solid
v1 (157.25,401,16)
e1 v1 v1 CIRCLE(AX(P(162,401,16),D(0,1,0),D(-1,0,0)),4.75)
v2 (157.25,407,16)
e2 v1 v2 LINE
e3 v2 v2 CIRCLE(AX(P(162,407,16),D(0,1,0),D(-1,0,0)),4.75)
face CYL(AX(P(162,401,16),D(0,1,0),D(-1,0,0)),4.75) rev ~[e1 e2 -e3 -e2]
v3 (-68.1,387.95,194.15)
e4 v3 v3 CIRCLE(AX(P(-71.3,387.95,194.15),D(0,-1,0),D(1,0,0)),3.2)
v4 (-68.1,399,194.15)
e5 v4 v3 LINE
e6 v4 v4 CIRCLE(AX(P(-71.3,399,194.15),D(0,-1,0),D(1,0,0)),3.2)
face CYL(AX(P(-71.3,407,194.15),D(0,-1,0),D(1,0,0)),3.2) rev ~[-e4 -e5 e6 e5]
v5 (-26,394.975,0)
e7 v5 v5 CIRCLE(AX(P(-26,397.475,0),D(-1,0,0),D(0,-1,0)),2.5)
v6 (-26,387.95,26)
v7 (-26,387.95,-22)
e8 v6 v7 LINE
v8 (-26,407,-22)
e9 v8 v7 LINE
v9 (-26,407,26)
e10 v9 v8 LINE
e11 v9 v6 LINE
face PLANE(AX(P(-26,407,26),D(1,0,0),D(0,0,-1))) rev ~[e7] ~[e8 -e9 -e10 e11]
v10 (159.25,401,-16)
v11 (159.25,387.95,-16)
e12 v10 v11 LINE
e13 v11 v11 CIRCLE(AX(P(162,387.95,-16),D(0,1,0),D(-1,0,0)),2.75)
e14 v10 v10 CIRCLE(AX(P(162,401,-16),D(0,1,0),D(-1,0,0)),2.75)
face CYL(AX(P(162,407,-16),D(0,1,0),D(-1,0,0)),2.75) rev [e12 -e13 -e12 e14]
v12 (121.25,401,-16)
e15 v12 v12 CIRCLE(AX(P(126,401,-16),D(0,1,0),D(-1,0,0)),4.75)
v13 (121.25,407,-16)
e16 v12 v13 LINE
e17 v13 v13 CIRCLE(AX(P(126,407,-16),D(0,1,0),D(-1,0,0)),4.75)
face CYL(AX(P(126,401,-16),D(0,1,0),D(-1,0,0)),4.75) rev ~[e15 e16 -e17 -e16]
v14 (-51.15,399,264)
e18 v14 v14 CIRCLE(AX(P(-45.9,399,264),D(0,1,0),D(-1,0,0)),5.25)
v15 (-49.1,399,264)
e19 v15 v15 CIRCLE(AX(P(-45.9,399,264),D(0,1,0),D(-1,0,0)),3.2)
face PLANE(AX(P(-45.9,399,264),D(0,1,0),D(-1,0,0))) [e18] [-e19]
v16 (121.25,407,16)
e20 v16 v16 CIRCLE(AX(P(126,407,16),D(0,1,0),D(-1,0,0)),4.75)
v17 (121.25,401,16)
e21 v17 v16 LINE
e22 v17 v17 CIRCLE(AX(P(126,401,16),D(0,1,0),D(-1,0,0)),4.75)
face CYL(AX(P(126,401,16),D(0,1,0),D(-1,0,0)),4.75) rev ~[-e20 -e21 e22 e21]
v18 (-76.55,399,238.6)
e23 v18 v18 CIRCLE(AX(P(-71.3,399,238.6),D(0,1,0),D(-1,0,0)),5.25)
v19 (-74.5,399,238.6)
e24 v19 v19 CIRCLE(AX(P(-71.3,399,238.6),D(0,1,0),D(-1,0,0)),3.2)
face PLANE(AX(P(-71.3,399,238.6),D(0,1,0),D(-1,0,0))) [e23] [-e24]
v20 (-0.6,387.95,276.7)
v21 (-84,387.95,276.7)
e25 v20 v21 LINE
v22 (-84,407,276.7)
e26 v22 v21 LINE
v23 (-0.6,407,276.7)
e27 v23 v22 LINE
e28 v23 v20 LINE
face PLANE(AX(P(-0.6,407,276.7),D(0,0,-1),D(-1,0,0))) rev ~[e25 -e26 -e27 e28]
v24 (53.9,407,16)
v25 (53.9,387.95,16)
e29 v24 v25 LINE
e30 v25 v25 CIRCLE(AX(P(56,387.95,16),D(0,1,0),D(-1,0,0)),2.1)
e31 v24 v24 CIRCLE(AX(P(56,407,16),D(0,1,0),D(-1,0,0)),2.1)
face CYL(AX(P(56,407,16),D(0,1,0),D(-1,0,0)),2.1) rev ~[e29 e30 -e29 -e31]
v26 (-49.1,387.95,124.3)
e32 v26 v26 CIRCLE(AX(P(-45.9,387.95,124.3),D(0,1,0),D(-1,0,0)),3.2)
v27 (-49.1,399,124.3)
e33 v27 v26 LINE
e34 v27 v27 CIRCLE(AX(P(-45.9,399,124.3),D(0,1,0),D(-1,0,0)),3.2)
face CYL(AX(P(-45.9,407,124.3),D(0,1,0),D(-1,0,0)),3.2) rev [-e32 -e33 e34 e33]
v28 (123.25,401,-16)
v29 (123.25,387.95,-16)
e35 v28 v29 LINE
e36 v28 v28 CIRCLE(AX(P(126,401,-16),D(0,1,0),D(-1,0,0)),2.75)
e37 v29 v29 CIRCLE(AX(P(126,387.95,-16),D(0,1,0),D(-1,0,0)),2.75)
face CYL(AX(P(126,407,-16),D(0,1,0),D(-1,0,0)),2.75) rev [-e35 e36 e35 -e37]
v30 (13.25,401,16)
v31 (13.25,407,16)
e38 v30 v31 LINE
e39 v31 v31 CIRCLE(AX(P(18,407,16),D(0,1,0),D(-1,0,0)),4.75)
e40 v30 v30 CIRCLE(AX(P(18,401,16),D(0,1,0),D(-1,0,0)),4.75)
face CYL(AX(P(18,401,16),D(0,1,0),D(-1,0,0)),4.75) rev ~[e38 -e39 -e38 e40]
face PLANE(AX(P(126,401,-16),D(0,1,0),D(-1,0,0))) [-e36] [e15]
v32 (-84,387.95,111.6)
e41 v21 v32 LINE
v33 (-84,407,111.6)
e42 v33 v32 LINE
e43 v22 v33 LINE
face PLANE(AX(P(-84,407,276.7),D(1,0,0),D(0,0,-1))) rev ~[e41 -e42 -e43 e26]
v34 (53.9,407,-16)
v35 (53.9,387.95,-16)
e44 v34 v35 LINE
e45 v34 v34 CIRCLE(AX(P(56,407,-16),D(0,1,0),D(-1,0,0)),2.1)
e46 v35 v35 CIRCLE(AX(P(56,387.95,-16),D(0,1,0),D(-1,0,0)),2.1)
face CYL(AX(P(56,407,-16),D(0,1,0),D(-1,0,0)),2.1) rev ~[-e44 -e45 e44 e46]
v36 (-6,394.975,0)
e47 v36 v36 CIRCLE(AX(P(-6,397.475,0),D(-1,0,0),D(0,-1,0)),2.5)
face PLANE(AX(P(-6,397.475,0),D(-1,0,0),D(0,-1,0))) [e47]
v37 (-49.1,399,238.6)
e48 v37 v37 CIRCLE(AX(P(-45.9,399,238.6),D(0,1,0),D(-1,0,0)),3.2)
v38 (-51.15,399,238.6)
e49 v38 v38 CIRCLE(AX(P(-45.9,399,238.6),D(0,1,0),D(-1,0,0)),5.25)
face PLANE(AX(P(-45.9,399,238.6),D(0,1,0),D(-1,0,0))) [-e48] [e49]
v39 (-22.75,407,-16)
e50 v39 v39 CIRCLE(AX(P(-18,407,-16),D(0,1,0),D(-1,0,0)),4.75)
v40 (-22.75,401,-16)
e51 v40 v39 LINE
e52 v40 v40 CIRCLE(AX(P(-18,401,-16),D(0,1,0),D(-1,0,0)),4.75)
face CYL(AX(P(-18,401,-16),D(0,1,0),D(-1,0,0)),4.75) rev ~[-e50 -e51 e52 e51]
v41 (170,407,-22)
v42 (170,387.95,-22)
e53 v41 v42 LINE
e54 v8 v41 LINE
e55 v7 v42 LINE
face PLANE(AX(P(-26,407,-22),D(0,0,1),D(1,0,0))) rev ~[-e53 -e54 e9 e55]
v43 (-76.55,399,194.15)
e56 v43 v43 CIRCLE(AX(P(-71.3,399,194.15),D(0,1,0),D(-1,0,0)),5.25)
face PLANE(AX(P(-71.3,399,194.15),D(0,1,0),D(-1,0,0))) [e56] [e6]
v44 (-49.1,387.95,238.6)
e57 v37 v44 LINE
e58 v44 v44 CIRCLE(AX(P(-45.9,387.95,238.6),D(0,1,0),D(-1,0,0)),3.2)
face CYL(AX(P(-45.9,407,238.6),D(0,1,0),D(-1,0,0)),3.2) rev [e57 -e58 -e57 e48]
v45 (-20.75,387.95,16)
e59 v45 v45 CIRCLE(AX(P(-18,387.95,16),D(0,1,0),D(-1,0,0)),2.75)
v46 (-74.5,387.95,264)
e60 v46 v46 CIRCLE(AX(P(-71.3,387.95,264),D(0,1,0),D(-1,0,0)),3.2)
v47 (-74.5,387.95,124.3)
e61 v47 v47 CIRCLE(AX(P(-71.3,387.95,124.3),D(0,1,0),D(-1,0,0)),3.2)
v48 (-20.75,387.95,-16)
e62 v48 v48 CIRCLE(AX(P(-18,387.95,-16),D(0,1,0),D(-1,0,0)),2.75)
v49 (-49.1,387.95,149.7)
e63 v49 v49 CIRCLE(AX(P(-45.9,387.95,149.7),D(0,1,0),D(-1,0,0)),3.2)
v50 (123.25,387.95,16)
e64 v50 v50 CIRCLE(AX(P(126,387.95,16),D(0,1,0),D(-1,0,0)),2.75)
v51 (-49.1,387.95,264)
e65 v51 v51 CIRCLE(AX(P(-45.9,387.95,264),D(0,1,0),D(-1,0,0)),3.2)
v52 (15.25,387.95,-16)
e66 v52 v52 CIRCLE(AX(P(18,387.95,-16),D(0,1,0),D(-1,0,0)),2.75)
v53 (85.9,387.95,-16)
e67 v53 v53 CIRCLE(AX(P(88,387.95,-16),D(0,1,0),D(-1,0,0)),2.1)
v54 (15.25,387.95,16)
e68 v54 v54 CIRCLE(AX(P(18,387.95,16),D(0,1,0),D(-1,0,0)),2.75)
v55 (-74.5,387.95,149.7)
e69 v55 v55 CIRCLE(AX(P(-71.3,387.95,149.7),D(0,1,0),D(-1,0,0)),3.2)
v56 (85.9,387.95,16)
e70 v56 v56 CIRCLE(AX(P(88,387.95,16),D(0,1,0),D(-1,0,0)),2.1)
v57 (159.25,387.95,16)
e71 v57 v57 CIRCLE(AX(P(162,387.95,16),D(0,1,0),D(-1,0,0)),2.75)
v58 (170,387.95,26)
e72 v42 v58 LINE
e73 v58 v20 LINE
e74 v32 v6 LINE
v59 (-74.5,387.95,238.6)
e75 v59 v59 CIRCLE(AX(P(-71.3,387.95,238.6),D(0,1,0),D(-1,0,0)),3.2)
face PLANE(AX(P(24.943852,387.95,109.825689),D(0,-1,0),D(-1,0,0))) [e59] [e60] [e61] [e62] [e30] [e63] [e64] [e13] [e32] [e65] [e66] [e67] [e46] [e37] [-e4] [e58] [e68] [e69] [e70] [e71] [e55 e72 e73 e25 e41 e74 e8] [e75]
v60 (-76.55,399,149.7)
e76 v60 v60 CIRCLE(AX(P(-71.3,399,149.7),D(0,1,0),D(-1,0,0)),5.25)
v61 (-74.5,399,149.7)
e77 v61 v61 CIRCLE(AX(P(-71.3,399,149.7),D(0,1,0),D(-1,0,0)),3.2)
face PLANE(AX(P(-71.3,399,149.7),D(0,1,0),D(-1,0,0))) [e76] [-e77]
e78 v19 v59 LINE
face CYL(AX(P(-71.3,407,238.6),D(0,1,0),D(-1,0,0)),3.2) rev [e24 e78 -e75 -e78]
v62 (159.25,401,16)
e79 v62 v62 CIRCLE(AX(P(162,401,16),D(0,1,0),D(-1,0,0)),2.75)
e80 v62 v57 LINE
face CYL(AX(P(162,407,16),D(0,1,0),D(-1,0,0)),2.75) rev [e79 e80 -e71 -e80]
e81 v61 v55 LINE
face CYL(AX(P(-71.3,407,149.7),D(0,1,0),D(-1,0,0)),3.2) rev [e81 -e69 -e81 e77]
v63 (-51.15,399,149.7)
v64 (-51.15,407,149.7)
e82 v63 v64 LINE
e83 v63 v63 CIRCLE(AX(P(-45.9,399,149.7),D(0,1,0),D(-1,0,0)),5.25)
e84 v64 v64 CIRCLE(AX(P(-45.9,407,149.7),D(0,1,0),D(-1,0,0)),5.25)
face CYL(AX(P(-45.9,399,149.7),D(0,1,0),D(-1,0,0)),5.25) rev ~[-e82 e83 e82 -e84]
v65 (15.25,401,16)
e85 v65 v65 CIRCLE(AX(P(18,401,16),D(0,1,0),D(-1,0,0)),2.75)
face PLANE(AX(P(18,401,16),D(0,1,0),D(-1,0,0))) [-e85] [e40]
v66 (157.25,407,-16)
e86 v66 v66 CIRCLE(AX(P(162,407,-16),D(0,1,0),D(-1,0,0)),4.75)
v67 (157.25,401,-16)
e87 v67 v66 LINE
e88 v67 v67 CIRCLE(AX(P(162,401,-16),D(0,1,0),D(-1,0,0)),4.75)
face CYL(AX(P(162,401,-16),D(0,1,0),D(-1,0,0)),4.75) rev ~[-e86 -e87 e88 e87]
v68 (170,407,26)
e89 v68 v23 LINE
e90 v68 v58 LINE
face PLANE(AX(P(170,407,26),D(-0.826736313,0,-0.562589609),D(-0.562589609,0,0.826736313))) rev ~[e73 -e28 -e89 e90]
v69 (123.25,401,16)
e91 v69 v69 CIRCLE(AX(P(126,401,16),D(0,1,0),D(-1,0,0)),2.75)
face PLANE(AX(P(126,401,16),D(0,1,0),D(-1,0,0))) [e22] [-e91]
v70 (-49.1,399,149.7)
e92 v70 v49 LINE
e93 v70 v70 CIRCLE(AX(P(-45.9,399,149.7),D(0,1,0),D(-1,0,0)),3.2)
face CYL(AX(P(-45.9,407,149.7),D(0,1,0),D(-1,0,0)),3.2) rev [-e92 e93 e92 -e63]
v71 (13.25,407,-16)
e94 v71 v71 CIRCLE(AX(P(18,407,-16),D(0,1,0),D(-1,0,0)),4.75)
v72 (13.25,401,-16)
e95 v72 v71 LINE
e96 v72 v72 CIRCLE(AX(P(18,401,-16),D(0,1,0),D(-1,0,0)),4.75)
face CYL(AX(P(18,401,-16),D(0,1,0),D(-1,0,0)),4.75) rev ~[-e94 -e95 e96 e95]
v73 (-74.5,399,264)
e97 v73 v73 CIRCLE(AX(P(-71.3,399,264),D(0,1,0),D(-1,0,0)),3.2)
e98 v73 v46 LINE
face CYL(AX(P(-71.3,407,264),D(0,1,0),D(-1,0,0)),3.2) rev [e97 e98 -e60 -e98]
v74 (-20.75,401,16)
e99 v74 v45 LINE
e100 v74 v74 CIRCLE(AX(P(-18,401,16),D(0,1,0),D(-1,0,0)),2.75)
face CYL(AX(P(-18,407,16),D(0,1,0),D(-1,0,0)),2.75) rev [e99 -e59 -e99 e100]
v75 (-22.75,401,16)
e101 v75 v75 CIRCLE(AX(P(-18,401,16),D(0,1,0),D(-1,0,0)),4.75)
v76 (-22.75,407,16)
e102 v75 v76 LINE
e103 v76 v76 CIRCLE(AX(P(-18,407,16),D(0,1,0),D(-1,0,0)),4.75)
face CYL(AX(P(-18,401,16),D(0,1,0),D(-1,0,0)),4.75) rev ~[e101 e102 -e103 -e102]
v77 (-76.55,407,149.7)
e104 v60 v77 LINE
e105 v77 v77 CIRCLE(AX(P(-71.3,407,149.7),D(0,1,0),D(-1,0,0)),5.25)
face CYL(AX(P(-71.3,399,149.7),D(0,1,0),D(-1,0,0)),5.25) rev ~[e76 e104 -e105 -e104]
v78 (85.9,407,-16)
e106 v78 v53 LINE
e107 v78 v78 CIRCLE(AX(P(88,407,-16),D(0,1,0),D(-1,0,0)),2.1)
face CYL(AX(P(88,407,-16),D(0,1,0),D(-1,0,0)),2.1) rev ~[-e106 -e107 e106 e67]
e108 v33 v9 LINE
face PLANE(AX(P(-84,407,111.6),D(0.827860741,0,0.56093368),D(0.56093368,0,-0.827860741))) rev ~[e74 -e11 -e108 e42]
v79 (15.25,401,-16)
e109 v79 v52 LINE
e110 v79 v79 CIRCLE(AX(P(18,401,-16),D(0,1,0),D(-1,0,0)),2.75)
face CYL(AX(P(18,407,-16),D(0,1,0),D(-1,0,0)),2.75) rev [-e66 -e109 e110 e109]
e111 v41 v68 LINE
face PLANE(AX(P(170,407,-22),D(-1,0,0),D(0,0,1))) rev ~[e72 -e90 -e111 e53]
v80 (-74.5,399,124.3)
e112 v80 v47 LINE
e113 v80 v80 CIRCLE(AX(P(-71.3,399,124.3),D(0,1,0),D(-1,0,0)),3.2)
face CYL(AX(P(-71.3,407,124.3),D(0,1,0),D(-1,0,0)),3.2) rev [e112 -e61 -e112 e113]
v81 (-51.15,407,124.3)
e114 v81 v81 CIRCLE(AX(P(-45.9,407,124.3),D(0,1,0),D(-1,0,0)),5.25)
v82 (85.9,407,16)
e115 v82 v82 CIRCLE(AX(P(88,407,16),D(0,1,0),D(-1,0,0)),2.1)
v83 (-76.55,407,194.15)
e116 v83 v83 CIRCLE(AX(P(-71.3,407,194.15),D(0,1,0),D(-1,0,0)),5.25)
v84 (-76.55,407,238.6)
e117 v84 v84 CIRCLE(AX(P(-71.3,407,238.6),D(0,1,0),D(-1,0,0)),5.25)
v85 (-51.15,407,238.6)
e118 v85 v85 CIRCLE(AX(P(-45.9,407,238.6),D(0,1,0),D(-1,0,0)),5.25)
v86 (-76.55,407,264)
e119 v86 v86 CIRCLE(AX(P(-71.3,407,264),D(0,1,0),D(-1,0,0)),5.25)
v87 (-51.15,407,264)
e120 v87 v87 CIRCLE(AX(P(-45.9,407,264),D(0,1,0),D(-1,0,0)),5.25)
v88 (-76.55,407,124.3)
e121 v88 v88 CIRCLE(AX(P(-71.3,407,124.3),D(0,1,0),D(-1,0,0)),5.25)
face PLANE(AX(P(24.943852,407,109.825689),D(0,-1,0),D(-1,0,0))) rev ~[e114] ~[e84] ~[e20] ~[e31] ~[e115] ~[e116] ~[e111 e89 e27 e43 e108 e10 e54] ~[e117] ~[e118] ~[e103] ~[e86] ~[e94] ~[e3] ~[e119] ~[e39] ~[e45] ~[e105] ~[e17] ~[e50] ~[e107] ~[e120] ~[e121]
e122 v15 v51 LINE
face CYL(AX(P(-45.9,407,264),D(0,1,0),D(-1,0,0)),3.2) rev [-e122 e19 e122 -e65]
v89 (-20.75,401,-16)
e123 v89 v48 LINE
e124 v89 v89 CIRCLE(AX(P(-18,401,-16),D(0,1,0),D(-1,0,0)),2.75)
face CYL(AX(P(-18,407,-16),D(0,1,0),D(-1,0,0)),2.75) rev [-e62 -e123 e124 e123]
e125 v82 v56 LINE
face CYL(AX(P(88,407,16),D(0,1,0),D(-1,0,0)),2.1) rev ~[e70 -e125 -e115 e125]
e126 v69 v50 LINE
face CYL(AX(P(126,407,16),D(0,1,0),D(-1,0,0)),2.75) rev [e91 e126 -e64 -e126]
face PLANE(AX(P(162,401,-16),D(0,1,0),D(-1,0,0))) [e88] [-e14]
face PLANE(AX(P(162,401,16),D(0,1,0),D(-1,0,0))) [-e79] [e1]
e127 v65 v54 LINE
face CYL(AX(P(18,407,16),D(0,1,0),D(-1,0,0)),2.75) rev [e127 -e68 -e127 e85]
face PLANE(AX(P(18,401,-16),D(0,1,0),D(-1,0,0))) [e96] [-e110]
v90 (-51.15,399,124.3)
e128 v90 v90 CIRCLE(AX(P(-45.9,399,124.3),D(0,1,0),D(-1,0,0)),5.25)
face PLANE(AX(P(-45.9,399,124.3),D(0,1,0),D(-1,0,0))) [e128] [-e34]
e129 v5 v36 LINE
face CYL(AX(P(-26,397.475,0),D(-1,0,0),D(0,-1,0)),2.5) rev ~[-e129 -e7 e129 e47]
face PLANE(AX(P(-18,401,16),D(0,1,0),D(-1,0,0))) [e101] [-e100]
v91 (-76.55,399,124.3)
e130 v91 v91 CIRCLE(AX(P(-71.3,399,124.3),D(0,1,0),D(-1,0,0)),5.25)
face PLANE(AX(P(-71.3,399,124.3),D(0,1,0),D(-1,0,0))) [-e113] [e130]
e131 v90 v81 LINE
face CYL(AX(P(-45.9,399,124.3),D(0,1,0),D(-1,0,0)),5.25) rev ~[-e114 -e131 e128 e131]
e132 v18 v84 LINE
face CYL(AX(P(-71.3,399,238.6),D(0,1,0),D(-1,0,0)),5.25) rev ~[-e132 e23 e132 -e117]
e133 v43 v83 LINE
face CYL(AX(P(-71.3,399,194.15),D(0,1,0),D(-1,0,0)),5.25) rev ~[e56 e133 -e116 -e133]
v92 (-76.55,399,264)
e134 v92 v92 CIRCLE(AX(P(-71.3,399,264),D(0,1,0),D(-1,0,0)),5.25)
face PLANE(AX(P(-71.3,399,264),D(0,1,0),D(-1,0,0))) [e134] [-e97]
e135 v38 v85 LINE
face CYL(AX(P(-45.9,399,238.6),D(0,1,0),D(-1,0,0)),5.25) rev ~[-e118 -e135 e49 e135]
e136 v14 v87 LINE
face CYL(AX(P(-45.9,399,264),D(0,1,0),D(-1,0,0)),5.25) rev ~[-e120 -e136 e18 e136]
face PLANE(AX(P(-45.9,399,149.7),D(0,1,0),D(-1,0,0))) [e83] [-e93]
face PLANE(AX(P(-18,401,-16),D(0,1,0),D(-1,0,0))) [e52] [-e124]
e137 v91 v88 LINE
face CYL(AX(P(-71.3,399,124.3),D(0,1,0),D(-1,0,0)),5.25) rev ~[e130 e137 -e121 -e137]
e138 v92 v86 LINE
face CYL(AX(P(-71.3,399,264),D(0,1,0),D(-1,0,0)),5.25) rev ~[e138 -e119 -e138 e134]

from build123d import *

# Parameters (mm, degrees)
SHAPEBINDER_R       = 3.2
SHAPEBINDER_R_2     = 2.75
PAD001_DEPTH        = 19.05
HOLE002_D           = 6.4
HOLE002_CBORE_D     = 10.5
HOLE002_CBORE_DEPTH = 8
HOLE003_D           = 5.5
HOLE003_CBORE_D     = 9.5
HOLE003_CBORE_DEPTH = 6
HOLE004_D           = 6.4
HOLE004_CBORE_D     = 10.5
HOLE004_CBORE_DEPTH = 8
SKETCH021_R         = 2.1
POCKET011_DEPTH     = 19.051
SKETCH026_R         = 2.5
POCKET012_DEPTH     = 20


with BuildPart() as part:
    # ShapeBinder → Pad001 (new body)
    with BuildSketch(Plane(origin=(23.746009, 0, 109.511429), x_dir=(-1, 0, 0), z_dir=(0, -1, 0))):
        Polygon((107.746009, -167.188571), (107.746009, -2.088571), (49.746009, 83.511429), (49.746009, 131.511429), (-146.253991, 131.511429), (-146.253991, 83.511429), (24.346009, -167.188571), align=None)
        with Locations((69.646009, -129.088571)):
            Circle(SHAPEBINDER_R, mode=Mode.SUBTRACT)
        with Locations((95.046009, -129.088571)):
            Circle(SHAPEBINDER_R, mode=Mode.SUBTRACT)
        with Locations((69.646009, -40.188571)):
            Circle(SHAPEBINDER_R, mode=Mode.SUBTRACT)
        with Locations((95.046009, -40.188571)):
            Circle(SHAPEBINDER_R, mode=Mode.SUBTRACT)
        with Locations((69.646009, -14.788571)):
            Circle(SHAPEBINDER_R, mode=Mode.SUBTRACT)
        with Locations((95.046009, -14.788571)):
            Circle(SHAPEBINDER_R, mode=Mode.SUBTRACT)
        with Locations((69.646009, -154.488571)):
            Circle(SHAPEBINDER_R, mode=Mode.SUBTRACT)
        with Locations((95.046009, -154.488571)):
            Circle(SHAPEBINDER_R, mode=Mode.SUBTRACT)
        with Locations((-138.253991, 125.511429)):
            Circle(SHAPEBINDER_R_2, mode=Mode.SUBTRACT)
        with Locations((-138.253991, 93.511429)):
            Circle(SHAPEBINDER_R_2, mode=Mode.SUBTRACT)
        with Locations((5.746009, 125.511429)):
            Circle(SHAPEBINDER_R_2, mode=Mode.SUBTRACT)
        with Locations((41.746009, 125.511429)):
            Circle(SHAPEBINDER_R_2, mode=Mode.SUBTRACT)
        with Locations((5.746009, 93.511429)):
            Circle(SHAPEBINDER_R_2, mode=Mode.SUBTRACT)
        with Locations((41.746009, 93.511429)):
            Circle(SHAPEBINDER_R_2, mode=Mode.SUBTRACT)
        with Locations((-102.253991, 125.511429)):
            Circle(SHAPEBINDER_R_2, mode=Mode.SUBTRACT)
        with Locations((-102.253991, 93.511429)):
            Circle(SHAPEBINDER_R_2, mode=Mode.SUBTRACT)
    extrude(amount=PAD001_DEPTH)

    # Hole002 (through all)
    with Locations(Plane(origin=(0, 0, 0), x_dir=(-1, 0, 0), z_dir=(0, 1, 0))):
        with Locations((45.9, 238.6), (71.3, 238.6), (71.3, 149.7), (45.9, 149.7), (45.9, 124.3), (71.3, 124.3), (71.3, 264), (45.9, 264)):
            CounterBoreHole(HOLE002_D / 2, HOLE002_CBORE_D / 2, HOLE002_CBORE_DEPTH)

    # Hole003 (through all)
    with Locations(Plane(origin=(0, 0, 0), x_dir=(-1, 0, 0), z_dir=(0, 1, 0))):
        with Locations((18, -16), (-162, 16), (-162, -16), (-18, -16), (-126, -16), (-18, 16), (18, 16), (18, 16), (-126, 16)):
            CounterBoreHole(HOLE003_D / 2, HOLE003_CBORE_D / 2, HOLE003_CBORE_DEPTH)

    # Hole004 (through all)
    with Locations(Plane(origin=(0, 0, 0), x_dir=(-1, 0, 0), z_dir=(0, 1, 0))):
        with Locations((71.3, 194.15)):
            CounterBoreHole(HOLE004_D / 2, HOLE004_CBORE_D / 2, HOLE004_CBORE_DEPTH)

    # Sketch021 → Pocket011 (cut, through all)
    with BuildSketch(Plane(origin=(0, 0, 0), x_dir=(-1, 0, 0), z_dir=(0, 1, 0))):
        with Locations((-88, 16)):
            Circle(SKETCH021_R)
        with Locations((-88, -16)):
            Circle(SKETCH021_R)
        with Locations((-56, 16)):
            Circle(SKETCH021_R)
        with Locations((-56, -16)):
            Circle(SKETCH021_R)
    extrude(amount=-POCKET011_DEPTH, mode=Mode.SUBTRACT)

    # Sketch026 (on Face7 of Pocket011) → Pocket012 (cut)
    with BuildSketch(Plane(origin=(-26, 0, 0), x_dir=(0, -1, 0), z_dir=(-1, 0, 0))):
        with Locations((9.525, 0)):
            Circle(SKETCH026_R)
    extrude(amount=-POCKET012_DEPTH, mode=Mode.SUBTRACT)


with BuildPart() as part_1:
    # Body001 placement: moved
    add(part.part.moved(Location((0, 407, 0))))


solid = part_1.part
